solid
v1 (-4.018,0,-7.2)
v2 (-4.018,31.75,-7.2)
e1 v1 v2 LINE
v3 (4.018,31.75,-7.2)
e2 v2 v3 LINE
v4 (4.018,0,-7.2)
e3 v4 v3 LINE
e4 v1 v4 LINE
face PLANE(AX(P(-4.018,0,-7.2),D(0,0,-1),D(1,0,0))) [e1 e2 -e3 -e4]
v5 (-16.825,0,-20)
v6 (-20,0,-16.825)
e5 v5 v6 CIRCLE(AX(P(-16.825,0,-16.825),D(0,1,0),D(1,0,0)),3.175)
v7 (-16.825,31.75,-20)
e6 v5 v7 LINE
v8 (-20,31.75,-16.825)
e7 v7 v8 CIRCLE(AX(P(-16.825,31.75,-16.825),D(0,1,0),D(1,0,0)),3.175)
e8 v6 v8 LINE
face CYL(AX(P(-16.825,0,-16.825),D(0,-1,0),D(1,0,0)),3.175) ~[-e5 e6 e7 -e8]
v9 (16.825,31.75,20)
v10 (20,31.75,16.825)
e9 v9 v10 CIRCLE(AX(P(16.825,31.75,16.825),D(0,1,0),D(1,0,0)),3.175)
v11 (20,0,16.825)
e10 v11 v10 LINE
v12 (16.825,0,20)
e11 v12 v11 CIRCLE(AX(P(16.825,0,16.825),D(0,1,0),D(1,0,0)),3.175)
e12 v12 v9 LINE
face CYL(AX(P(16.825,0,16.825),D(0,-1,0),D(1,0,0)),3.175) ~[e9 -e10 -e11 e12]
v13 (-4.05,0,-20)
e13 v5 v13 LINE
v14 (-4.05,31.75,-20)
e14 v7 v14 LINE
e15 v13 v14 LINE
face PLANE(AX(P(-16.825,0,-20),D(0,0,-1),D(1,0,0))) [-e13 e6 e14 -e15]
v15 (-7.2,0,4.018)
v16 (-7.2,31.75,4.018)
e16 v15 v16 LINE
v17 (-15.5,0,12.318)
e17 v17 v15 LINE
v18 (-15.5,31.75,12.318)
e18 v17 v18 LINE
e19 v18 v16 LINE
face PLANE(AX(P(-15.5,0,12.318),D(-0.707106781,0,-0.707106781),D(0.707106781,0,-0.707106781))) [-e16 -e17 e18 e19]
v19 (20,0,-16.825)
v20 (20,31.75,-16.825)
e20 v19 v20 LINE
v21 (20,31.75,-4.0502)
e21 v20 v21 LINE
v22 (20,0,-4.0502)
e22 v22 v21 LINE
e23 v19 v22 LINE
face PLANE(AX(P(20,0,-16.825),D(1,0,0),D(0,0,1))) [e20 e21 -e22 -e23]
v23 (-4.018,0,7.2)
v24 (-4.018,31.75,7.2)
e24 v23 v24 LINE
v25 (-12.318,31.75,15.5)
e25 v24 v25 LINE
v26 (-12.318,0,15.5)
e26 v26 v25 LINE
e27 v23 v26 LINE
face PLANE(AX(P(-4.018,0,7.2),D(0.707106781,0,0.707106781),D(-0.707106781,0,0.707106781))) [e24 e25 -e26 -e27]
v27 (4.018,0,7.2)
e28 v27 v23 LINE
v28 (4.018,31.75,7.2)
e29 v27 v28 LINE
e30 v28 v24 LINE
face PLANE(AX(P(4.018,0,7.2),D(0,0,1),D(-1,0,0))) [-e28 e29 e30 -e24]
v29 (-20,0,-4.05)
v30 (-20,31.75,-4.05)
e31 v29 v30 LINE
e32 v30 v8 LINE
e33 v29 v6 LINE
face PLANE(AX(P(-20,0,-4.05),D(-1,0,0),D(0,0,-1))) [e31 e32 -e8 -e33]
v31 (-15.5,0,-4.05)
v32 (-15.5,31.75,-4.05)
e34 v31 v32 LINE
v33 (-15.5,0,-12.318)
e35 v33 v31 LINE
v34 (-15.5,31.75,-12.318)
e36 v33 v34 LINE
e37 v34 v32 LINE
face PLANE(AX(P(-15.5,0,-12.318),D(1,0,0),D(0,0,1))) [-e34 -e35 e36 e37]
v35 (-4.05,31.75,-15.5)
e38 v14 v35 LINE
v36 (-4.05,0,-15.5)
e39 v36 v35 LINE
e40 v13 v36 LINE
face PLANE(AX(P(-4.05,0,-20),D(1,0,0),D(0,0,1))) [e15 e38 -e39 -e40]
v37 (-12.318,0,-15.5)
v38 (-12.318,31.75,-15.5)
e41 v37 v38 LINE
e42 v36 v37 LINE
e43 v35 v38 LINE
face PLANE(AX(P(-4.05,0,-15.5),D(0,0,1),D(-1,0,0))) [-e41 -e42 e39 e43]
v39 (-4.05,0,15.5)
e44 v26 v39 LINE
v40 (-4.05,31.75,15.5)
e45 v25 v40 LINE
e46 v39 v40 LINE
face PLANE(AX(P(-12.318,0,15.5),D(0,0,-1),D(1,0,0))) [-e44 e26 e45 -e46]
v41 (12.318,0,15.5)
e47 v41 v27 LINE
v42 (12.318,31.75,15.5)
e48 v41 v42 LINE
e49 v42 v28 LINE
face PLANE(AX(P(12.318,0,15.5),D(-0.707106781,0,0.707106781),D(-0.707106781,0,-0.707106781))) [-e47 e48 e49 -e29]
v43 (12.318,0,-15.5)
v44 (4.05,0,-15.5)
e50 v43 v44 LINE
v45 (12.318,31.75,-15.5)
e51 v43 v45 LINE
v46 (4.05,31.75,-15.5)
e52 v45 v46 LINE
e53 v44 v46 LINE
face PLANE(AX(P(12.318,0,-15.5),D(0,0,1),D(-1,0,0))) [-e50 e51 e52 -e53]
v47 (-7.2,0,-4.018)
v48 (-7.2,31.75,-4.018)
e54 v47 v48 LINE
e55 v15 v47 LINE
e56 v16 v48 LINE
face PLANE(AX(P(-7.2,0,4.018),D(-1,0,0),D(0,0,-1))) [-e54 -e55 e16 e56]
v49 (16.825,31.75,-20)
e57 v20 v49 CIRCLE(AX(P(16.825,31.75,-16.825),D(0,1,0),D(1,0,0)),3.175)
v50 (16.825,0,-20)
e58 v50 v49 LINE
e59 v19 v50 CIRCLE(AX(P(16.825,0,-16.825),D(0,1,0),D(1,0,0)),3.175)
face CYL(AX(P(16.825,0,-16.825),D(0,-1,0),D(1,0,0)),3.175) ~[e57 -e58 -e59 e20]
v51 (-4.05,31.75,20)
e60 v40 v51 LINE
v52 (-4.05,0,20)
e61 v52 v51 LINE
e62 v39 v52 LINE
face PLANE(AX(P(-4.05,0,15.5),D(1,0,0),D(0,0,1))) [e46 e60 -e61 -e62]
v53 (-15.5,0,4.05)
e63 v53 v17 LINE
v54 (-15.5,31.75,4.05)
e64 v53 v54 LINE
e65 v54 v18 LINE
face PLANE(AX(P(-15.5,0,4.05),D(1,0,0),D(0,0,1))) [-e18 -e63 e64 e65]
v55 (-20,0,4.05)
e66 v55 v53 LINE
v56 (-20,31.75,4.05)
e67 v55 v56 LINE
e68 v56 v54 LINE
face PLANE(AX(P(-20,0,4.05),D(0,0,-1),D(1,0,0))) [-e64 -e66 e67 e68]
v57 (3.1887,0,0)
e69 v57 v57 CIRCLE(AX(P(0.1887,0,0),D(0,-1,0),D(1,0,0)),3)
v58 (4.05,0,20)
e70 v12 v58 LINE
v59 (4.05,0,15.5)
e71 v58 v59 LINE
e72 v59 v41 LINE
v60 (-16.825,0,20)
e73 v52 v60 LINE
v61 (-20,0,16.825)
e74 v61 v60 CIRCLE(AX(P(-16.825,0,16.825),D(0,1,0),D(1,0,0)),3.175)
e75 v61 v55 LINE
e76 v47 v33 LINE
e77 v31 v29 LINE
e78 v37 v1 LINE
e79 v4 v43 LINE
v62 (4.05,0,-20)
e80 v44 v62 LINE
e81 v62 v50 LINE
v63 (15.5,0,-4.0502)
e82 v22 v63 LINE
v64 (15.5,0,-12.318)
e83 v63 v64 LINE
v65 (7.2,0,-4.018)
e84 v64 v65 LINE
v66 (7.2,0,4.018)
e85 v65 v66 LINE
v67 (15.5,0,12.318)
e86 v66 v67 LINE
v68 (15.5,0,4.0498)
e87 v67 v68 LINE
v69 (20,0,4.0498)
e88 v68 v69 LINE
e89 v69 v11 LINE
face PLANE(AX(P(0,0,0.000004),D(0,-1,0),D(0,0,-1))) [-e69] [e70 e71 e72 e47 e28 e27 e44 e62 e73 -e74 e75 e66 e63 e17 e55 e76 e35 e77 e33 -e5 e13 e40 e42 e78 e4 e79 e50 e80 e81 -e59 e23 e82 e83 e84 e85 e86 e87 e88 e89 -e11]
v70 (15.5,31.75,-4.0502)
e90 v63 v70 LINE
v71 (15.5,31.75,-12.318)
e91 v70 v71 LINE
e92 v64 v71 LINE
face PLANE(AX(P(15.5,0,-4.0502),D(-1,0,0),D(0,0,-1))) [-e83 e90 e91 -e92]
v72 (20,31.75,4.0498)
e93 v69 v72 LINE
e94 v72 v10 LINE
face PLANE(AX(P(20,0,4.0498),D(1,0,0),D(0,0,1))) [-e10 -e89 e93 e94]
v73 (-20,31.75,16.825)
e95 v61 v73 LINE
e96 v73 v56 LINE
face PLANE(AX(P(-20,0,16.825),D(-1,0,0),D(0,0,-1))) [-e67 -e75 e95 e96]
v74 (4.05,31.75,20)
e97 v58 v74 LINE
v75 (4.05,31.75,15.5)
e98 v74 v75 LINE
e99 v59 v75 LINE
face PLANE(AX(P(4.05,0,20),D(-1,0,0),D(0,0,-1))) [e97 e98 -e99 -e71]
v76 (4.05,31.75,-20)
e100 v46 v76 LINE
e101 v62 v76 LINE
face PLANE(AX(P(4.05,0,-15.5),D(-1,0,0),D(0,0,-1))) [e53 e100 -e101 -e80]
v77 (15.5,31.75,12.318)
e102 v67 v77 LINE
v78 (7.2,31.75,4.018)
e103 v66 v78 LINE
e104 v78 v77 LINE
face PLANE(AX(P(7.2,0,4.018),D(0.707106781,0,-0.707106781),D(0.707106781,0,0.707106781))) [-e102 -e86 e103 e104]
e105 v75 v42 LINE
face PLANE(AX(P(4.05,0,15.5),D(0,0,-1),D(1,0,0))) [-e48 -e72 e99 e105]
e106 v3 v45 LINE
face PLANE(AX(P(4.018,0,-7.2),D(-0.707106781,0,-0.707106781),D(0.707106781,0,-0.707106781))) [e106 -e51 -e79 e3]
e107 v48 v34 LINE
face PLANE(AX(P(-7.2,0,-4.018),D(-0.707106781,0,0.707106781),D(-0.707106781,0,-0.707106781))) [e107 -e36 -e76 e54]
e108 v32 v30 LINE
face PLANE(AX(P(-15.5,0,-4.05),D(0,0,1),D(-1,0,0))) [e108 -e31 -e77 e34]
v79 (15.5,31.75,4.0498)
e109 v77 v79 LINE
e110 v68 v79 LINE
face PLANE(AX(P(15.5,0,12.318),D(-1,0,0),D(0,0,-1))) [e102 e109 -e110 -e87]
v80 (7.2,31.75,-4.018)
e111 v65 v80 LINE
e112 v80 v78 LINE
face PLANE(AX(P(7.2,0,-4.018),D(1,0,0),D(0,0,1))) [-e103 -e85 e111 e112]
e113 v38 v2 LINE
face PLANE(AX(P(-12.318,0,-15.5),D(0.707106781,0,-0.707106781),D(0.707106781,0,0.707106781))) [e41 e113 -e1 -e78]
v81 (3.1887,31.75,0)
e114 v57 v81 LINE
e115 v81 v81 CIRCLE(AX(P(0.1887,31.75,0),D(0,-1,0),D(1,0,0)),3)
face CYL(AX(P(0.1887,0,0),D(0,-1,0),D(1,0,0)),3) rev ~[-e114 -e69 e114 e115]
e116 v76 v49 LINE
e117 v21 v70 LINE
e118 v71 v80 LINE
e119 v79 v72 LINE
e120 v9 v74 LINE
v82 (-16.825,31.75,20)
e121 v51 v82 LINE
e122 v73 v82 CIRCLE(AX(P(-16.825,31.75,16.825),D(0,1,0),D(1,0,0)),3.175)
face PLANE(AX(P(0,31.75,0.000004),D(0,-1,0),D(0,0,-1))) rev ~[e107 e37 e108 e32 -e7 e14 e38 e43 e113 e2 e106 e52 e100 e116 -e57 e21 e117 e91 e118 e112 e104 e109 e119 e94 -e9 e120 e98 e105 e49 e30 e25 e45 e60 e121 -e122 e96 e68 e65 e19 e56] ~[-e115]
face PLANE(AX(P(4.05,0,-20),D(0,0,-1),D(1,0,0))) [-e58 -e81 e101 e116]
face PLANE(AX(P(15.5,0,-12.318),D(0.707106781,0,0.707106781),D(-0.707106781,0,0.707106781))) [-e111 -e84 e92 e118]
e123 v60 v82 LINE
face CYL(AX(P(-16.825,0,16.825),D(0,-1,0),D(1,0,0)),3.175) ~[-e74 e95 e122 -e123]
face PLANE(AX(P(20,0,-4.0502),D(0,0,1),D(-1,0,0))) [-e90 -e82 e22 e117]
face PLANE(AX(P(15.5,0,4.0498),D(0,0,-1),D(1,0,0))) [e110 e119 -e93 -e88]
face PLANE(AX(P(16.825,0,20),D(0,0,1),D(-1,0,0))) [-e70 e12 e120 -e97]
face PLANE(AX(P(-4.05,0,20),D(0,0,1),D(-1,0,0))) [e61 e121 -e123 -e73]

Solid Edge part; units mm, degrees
sketch "Sketch1" plane through (0, 0, 0) normal (0, -1, 0) x (1, 0, 0)
  line L0 (-16.825, -20) -> (-4.05, -20)
  line L1 (-4.05, -20) -> (-4.05, -15.5)
  line L2 (-4.05, -15.5) -> (-12.318, -15.5)
  line L3 (-12.318, -15.5) -> (-4.018, -7.2)
  line L4 (-4.018, -7.2) -> (4.018, -7.2)
  line L5 (4.018, -7.2) -> (12.318, -15.5)
  line L6 (12.318, -15.5) -> (4.05, -15.5)
  line L7 (4.05, -15.5) -> (4.05, -20)
  line L8 (4.05, -20) -> (16.825, -20)
  arc A0 (20, -16.825) -> (16.825, -20) centre (16.825, -16.825) cw
  line L9 (20, -16.825) -> (20, -4.0502)
  line L10 (20, -4.0502) -> (15.5, -4.0502)
  line L11 (15.5, -4.0502) -> (15.5, -12.318)
  line L12 (15.5, -12.318) -> (7.2, -4.018)
  line L13 (7.2, -4.018) -> (7.2, 4.018)
  line L14 (7.2, 4.018) -> (15.5, 12.318)
  line L15 (15.5, 12.318) -> (15.5, 4.0498)
  line L16 (15.5, 4.0498) -> (20, 4.0498)
  line L17 (20, 4.0498) -> (20, 16.825)
  arc A1 (16.825, 20) -> (20, 16.825) centre (16.825, 16.825) cw
  line L18 (16.825, 20) -> (4.05, 20)
  line L19 (4.05, 20) -> (4.05, 15.5)
  line L20 (4.05, 15.5) -> (12.318, 15.5)
  line L21 (12.318, 15.5) -> (4.018, 7.2)
  line L22 (4.018, 7.2) -> (-4.018, 7.2)
  line L23 (-4.018, 7.2) -> (-12.318, 15.5)
  line L24 (-12.318, 15.5) -> (-4.05, 15.5)
  line L25 (-4.05, 15.5) -> (-4.05, 20)
  line L26 (-4.05, 20) -> (-16.825, 20)
  arc A2 (-20, 16.825) -> (-16.825, 20) centre (-16.825, 16.825) cw
  line L27 (-20, 16.825) -> (-20, 4.05)
  line L28 (-20, 4.05) -> (-15.5, 4.05)
  line L29 (-15.5, 4.05) -> (-15.5, 12.318)
  line L30 (-15.5, 12.318) -> (-7.2, 4.018)
  line L31 (-7.2, 4.018) -> (-7.2, -4.018)
  line L32 (-7.2, -4.018) -> (-15.5, -12.318)
  line L33 (-15.5, -12.318) -> (-15.5, -4.05)
  line L34 (-15.5, -4.05) -> (-20, -4.05)
  line L35 (-20, -4.05) -> (-20, -16.825)
  arc A3 (-16.825, -20) -> (-20, -16.825) centre (-16.825, -16.825) cw
  circle A4 centre (0.1887, 0) radius 3
extrude "Protrusion1" add sketch "Sketch1" against normal blind 31.75
